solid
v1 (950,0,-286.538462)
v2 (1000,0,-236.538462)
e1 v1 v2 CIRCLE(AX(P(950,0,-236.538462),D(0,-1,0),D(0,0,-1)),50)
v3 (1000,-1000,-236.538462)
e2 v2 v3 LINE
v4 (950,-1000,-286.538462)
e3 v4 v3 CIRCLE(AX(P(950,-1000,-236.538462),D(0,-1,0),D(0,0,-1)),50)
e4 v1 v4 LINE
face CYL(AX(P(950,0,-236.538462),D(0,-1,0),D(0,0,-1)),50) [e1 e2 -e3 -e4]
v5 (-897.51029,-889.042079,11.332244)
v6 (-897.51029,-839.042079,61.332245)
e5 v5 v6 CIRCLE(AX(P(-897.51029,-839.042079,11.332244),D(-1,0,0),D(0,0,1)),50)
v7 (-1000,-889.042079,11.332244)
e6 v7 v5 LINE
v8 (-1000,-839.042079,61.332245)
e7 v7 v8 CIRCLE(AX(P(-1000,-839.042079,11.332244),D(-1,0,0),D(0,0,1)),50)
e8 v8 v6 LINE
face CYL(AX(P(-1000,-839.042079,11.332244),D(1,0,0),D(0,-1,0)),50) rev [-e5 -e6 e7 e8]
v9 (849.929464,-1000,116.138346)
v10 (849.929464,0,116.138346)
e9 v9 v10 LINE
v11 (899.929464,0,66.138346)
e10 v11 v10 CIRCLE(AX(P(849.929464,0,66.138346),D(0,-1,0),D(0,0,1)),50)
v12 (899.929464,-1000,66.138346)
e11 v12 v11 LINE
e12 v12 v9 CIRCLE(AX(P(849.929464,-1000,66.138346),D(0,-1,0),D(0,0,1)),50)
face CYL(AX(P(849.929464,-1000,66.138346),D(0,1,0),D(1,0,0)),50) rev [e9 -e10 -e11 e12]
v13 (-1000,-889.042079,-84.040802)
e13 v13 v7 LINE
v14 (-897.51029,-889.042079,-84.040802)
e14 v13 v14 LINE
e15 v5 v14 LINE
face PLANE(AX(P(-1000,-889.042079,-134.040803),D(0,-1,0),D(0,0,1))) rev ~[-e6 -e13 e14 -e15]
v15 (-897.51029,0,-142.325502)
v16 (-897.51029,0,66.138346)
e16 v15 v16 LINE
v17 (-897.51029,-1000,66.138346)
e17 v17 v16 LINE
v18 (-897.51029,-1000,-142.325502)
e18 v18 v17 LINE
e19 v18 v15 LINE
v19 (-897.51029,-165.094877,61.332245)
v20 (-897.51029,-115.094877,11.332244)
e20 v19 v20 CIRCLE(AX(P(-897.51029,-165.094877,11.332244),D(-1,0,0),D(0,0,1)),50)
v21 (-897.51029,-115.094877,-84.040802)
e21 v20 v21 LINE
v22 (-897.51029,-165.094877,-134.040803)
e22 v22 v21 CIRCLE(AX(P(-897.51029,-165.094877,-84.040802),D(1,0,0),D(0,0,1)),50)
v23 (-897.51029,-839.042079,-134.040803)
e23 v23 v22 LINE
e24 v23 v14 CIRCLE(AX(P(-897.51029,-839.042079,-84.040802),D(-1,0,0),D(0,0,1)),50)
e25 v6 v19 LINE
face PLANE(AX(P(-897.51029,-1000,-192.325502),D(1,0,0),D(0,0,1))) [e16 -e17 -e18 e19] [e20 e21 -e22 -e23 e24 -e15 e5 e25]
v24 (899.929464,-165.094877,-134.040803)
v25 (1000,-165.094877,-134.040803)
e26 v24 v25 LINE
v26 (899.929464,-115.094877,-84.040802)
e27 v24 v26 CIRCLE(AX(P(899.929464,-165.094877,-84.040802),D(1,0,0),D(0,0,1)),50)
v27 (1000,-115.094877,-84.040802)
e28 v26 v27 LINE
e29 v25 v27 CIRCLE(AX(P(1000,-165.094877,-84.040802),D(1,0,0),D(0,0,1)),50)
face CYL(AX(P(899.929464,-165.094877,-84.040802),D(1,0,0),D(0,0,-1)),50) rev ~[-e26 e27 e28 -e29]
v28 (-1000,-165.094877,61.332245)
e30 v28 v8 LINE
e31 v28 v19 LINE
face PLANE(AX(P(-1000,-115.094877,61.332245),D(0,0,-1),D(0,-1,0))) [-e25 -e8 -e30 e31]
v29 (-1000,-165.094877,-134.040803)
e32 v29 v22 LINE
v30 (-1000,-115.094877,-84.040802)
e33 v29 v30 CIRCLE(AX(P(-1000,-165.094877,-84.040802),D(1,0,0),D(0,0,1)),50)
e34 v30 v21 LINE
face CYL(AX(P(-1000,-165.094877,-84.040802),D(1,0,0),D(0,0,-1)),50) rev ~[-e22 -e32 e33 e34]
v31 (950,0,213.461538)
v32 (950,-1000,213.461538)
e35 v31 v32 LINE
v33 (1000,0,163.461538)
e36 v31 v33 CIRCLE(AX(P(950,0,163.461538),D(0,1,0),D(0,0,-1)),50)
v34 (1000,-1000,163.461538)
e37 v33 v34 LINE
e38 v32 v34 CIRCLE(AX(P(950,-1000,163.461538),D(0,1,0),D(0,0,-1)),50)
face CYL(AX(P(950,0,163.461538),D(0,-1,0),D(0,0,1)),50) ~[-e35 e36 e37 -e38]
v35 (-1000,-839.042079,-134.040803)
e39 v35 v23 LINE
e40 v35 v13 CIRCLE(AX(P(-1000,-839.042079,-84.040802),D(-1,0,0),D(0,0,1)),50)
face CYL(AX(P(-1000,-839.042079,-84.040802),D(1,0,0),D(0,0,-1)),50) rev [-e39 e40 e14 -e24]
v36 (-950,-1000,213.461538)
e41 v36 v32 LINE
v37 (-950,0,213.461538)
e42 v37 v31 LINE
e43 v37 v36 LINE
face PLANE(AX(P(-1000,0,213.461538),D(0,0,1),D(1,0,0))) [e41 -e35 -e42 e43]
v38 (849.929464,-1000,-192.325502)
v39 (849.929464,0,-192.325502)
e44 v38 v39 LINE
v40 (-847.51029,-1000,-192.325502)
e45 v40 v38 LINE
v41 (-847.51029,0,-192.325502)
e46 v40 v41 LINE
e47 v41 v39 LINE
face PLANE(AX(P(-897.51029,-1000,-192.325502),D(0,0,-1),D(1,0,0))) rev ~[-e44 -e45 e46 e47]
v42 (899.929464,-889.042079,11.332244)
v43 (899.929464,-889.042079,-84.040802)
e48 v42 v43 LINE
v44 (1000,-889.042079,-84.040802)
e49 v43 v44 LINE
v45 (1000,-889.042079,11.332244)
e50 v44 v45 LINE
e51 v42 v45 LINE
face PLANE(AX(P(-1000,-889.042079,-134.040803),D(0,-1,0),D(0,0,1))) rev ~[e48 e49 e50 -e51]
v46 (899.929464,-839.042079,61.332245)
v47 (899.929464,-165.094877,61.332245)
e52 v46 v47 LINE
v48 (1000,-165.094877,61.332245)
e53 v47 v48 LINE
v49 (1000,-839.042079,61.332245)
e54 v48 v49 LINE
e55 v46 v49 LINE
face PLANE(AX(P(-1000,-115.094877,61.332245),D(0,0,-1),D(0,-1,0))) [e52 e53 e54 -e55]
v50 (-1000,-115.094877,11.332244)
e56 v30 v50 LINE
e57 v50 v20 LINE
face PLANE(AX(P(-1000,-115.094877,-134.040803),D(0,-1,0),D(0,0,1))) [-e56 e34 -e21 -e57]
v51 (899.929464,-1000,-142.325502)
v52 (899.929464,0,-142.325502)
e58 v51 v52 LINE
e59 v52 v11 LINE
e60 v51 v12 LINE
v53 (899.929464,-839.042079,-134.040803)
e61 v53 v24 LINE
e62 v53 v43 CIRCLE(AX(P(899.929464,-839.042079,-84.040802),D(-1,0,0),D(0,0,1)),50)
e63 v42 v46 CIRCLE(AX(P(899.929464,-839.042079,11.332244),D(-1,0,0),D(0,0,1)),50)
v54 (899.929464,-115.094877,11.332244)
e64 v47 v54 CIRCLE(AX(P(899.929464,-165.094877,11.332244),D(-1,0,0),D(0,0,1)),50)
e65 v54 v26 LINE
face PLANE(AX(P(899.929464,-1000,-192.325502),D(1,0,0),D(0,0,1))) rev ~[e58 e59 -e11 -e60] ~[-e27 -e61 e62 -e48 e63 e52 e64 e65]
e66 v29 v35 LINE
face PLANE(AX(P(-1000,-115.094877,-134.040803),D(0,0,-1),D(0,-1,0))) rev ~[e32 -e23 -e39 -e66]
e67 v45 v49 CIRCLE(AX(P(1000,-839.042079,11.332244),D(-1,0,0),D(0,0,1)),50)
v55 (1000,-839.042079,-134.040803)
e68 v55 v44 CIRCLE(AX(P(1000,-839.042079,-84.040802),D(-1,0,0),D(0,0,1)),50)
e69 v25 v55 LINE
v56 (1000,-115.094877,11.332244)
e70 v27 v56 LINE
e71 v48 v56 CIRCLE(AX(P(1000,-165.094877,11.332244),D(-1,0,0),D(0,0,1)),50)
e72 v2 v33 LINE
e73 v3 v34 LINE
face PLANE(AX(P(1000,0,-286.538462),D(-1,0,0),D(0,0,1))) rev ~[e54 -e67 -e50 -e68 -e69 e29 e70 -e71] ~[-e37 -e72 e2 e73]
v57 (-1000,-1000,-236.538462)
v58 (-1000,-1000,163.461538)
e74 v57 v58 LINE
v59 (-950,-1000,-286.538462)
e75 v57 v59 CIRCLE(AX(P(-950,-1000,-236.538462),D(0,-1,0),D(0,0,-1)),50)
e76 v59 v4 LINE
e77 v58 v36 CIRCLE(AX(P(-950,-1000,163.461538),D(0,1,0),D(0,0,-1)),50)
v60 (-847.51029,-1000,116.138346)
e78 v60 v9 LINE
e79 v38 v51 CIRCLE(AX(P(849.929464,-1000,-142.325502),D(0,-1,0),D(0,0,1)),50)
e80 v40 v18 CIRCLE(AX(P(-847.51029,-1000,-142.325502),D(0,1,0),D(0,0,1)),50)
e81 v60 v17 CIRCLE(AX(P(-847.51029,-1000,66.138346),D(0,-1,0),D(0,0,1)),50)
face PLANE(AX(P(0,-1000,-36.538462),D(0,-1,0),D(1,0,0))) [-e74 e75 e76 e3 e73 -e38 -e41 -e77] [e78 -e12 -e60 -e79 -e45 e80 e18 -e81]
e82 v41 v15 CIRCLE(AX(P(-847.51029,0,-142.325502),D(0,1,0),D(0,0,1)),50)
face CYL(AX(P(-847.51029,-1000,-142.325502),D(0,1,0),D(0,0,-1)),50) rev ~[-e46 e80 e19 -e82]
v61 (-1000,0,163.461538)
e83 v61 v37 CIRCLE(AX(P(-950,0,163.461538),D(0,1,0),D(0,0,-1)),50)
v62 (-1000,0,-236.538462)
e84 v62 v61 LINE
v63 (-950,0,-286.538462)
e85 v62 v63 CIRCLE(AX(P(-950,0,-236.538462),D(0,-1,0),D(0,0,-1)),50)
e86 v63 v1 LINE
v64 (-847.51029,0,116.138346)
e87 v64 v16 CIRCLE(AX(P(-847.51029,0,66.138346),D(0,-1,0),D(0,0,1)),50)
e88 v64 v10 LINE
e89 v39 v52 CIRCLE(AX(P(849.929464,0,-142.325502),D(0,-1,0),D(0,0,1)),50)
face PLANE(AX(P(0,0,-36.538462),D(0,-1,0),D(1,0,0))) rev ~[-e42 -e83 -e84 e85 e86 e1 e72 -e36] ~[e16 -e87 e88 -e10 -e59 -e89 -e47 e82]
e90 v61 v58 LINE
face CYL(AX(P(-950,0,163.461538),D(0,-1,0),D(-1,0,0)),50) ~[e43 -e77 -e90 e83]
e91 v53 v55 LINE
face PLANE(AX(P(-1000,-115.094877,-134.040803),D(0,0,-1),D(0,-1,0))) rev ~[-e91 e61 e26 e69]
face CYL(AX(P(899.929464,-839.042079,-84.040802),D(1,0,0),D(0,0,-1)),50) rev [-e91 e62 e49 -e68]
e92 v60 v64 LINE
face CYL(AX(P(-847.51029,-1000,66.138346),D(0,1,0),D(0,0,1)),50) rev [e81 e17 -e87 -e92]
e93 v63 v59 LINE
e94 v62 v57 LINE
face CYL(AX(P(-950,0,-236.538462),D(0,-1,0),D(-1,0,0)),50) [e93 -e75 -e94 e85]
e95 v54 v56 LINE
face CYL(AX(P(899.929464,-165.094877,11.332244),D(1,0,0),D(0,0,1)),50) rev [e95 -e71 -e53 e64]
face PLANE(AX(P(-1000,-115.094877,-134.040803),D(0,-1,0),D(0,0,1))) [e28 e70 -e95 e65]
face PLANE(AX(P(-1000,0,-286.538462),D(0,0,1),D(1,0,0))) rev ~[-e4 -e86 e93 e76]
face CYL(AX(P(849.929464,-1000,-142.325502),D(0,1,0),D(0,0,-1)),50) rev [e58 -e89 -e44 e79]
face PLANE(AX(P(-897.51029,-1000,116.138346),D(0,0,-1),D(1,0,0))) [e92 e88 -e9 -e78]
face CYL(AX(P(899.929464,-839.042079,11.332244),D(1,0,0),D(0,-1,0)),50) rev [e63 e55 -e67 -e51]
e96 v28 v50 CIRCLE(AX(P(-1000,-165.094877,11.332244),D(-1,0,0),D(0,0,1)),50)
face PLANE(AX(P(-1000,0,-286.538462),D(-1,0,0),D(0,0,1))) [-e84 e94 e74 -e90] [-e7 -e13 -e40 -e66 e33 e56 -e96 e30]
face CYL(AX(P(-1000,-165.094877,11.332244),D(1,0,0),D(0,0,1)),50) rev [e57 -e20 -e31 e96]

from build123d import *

# Parameters (mm, degrees)
F0_W     = 2000
F0_H     = 500
F1_DEPTH = 1000
F2_W     = 1797.439754
F2_H     = 308.463849
F3_DEPTH = 1000.001
F4_R     = 50
F5_W     = 773.947201
F5_H     = 195.373047
F6_DEPTH = 2000.001
F7_R     = 50


with BuildPart() as f1:
    # F0 (on Front) → F1 (new body)
    with BuildSketch(Plane.XZ):
        with Locations((0, -36.538462)):
            Rectangle(F0_W, F0_H)
    extrude(amount=F1_DEPTH)

    # F2 (on face) → F3 (cut, through all)
    with BuildSketch(Plane.XZ.offset(1000)):
        with Locations((1.209587, -38.093578)):
            Rectangle(F2_W, F2_H)
    extrude(amount=-F3_DEPTH, mode=Mode.SUBTRACT)

    # F4
    f4_edges = [f1.edges().sort_by_distance(p)[0] for p in [
        (1000, -500, 213.461538),
        (1000, -500, -286.538462),
        (-1000, -500, 213.461538),
        (-1000, -500, -286.538462),
        (-897.51029, -500, 116.138346),
        (-897.51029, -500, -192.325503),
        (899.929464, -500, 116.138346),
        (899.929464, -500, -192.325503),
    ]]
    fillet(f4_edges, radius=F4_R)

    # F5 (on face) → F6 (cut, through all)
    with BuildSketch(Plane(origin=(-1000, 0, 0), x_dir=(0, -1, 0), z_dir=(-1, 0, 0))):
        with Locations((502.068478, -36.354279)):
            Rectangle(F5_W, F5_H)
    extrude(amount=-F6_DEPTH, mode=Mode.SUBTRACT)

    # F7
    f7_edges = [f1.edges().sort_by_distance(p)[0] for p in [
        (949.964732, -115.094878, 61.332244),
        (-948.755145, -115.094878, 61.332244),
        (949.964732, -889.042079, 61.332244),
        (-948.755145, -889.042079, 61.332244),
        (949.964732, -115.094878, -134.040803),
        (-948.755145, -115.094878, -134.040803),
        (949.964732, -889.042079, -134.040803),
        (-948.755145, -889.042079, -134.040803),
    ]]
    fillet(f7_edges, radius=F7_R)


solid = f1.part
